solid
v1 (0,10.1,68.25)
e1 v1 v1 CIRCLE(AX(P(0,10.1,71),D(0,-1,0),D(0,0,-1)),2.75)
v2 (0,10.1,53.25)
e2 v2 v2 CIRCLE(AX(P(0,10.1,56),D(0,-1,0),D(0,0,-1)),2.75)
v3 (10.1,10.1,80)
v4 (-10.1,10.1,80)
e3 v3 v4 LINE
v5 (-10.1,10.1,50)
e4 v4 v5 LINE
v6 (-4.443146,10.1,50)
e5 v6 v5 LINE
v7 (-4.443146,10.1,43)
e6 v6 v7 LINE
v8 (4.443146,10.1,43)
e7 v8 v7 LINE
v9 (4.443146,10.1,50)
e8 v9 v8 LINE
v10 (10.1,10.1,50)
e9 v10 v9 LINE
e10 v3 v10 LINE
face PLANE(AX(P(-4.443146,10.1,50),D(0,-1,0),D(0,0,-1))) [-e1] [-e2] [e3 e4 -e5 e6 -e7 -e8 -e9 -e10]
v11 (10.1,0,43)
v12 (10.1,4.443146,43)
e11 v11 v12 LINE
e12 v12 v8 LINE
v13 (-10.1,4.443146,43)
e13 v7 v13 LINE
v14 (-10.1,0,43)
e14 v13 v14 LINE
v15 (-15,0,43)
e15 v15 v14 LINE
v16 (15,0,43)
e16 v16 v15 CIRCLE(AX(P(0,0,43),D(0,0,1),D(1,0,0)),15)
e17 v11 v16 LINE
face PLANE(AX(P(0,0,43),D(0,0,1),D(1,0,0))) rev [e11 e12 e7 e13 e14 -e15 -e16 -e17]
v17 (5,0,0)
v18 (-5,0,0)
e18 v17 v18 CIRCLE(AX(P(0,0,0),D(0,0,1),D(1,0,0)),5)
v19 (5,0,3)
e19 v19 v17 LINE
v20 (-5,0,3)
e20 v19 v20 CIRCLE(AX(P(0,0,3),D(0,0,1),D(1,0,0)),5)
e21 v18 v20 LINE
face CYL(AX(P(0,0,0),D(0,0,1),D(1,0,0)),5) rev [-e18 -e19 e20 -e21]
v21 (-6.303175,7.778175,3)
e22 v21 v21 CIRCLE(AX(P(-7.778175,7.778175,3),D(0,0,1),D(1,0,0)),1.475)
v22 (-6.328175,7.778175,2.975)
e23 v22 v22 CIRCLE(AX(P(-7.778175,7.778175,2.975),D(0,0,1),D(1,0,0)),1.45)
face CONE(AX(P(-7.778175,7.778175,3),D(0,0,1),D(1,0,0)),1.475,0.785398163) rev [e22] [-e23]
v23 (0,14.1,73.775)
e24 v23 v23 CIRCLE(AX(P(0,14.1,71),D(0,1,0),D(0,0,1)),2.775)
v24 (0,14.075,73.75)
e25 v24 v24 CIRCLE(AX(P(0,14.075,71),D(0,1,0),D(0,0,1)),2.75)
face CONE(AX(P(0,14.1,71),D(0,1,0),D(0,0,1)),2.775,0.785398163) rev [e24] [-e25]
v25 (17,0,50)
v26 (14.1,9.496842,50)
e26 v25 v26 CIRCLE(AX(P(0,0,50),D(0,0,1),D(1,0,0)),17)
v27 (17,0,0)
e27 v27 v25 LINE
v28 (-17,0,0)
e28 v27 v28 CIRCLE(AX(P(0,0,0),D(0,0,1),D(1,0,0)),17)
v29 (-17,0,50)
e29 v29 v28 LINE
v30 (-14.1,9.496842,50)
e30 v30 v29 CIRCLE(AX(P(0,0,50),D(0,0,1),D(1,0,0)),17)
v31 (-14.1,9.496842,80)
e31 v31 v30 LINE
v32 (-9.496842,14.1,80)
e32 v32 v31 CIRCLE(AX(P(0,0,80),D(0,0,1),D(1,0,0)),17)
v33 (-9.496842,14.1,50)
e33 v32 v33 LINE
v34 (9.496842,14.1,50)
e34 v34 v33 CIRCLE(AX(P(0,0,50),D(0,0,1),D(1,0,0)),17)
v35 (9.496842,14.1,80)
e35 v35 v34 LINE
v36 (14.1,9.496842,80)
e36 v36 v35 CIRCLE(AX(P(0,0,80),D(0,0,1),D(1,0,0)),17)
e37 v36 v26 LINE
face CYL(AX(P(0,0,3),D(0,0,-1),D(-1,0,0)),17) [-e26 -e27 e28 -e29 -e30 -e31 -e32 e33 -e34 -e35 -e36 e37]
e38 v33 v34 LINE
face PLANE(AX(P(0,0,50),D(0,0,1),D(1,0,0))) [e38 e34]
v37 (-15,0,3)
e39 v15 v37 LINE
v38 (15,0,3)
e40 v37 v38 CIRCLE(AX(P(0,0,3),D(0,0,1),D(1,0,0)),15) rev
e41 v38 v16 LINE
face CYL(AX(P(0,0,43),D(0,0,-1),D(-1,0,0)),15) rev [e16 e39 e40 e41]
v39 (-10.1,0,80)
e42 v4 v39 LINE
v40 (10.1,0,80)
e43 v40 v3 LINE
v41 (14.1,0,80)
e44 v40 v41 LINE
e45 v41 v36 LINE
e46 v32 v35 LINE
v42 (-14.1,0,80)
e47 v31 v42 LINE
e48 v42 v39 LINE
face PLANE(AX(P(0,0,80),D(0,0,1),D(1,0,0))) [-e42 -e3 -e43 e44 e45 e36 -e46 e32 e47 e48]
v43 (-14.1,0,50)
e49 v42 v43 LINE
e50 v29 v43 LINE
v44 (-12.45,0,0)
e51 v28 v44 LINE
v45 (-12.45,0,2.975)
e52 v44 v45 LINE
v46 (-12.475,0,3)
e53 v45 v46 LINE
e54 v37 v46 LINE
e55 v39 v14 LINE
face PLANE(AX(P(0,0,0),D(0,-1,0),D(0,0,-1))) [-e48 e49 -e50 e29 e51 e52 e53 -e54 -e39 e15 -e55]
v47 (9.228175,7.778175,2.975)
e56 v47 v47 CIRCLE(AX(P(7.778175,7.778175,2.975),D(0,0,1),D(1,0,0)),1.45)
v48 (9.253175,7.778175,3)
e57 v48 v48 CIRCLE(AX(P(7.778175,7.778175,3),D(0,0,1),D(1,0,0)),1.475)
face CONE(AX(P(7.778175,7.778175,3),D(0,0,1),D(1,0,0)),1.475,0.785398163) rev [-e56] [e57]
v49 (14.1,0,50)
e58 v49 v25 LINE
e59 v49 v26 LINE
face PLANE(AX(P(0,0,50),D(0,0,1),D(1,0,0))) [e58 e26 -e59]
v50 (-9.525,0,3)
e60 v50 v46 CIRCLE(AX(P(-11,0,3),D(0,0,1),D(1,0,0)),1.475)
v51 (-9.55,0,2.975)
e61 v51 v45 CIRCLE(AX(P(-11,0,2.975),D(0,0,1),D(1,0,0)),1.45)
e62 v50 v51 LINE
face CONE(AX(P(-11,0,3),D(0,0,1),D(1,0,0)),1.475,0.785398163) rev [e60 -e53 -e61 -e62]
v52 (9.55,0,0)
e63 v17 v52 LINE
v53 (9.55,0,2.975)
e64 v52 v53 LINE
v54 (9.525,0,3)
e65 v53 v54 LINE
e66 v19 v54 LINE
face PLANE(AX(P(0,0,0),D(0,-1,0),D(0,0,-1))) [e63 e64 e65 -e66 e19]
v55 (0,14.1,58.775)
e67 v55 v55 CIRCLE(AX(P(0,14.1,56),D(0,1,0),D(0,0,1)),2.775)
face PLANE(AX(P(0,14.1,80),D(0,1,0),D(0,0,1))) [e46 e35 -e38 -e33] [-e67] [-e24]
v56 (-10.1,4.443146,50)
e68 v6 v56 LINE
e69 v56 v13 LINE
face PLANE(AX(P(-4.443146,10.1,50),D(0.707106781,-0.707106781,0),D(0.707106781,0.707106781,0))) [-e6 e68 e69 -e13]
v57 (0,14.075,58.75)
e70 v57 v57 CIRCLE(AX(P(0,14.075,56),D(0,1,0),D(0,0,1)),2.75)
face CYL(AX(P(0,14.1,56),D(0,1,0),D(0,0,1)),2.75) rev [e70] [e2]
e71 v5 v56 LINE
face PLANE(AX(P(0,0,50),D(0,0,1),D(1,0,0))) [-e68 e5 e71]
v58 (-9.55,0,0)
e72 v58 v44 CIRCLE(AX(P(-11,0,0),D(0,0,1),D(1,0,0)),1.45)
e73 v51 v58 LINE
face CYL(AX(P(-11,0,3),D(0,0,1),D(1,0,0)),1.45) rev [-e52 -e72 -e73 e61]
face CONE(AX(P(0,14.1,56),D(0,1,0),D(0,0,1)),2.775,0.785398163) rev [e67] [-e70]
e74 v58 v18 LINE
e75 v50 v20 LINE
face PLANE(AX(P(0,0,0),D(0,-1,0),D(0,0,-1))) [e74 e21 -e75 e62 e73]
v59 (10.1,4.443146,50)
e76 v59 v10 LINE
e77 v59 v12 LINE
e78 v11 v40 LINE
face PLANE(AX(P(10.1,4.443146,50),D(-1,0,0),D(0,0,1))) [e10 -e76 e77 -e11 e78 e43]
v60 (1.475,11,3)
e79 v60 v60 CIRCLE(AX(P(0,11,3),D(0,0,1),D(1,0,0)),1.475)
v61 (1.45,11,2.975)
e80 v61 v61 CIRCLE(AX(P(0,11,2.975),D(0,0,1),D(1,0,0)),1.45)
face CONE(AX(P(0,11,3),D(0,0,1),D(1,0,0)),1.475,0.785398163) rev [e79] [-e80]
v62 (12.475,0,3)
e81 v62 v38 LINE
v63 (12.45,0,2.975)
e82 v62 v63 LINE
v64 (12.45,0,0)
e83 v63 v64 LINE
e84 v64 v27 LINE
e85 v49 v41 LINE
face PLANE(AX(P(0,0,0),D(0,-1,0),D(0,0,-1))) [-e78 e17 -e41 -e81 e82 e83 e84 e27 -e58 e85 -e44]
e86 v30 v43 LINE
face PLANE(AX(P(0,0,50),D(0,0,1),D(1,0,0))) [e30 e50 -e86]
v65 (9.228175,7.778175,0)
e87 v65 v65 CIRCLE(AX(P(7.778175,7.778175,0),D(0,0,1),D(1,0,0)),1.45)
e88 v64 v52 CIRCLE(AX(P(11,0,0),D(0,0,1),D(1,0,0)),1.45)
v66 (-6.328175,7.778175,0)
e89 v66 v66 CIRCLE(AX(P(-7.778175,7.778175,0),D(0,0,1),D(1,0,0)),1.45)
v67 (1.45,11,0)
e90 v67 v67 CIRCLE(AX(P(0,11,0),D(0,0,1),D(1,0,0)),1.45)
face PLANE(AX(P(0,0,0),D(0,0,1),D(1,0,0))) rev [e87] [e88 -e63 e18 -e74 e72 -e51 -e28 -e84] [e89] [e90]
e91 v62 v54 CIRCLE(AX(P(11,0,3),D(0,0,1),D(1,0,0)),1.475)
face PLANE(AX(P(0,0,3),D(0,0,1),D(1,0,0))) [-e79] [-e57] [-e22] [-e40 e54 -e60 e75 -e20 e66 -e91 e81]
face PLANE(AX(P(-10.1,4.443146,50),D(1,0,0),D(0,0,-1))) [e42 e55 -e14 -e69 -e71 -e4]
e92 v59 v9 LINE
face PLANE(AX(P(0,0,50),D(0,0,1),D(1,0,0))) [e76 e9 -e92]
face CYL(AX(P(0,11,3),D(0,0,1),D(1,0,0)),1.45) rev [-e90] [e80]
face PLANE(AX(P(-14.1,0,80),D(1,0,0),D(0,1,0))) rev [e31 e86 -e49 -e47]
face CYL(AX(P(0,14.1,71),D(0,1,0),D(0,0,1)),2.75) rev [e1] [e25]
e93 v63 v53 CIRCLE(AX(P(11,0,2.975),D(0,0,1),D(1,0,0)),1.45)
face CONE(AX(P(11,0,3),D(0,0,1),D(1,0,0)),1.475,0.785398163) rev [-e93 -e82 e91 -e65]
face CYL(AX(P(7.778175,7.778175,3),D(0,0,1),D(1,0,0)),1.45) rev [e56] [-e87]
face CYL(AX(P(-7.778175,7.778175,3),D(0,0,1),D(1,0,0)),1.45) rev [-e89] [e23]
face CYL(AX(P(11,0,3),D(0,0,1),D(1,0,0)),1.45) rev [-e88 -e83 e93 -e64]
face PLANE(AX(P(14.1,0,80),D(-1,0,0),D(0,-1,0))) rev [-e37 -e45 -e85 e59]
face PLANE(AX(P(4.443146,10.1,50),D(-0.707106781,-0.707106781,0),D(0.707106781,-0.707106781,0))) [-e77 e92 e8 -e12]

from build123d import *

# Parameters (mm, degrees)
SKETCH_1_R                     = 17
EXTRUDE_1_DEPTH                = 3
SKETCH_2_R                     = 17
SKETCH_2_R_2                   = 15
EXTRUDE_2_DEPTH                = 40
SKETCH_3_R                     = 5
CUT_EXTRUDE_1_DEPTH            = 4
SKETCH_4_R                     = 17
EXTRUDE_3_DEPTH                = 7
SKETCH_5_W                     = 20.2
SKETCH_5_H                     = 20.2
EXTRUDE_4_DEPTH                = 30
HOLE_WIZARD_M5_2_D             = 5.5
HOLE_WIZARD_M5_2_CSINK_D       = 5.55
HOLE_WIZARD_M5_2_CSINK_ANGLE   = 90
HOLE_WIZARD_M2_5_2_D           = 2.9
HOLE_WIZARD_M2_5_2_DEPTH       = 3
HOLE_WIZARD_M2_5_2_CSINK_D     = 2.95
HOLE_WIZARD_M2_5_2_CSINK_ANGLE = 90
SKETCH_12_W                    = 47.187362465
SKETCH_12_H                    = 89.366632215
CUT_EXTRUDE_2_DEPTH            = 18


with BuildPart() as part:
    # 草图1 → 凸台-拉伸1 (new body)
    with BuildSketch(Plane.XY):
        Circle(SKETCH_1_R)
    extrude(amount=EXTRUDE_1_DEPTH)

    # 草图2 → 凸台-拉伸2 (add)
    with BuildSketch(Plane.XY.offset(3)):
        Circle(SKETCH_2_R)
        Circle(SKETCH_2_R_2, mode=Mode.SUBTRACT)
    extrude(amount=EXTRUDE_2_DEPTH)

    # 草图3 → 切除-拉伸1 (cut, through all)
    with BuildSketch(Plane.XY.offset(3)):
        Circle(SKETCH_3_R)
    extrude(amount=-CUT_EXTRUDE_1_DEPTH, mode=Mode.SUBTRACT)

    # 草图4 → 凸台-拉伸3 (add)
    with BuildSketch(Plane.XY.offset(43)):
        Circle(SKETCH_4_R)
        Polygon((-4.443145751, 10.1), (4.443145751, 10.1), (10.1, 4.443145751), (10.1, -4.443145751), (4.443145751, -10.1), (-4.443145751, -10.1), (-10.1, -4.443145751), (-10.1, 4.443145751), align=None, mode=Mode.SUBTRACT)
    extrude(amount=EXTRUDE_3_DEPTH)

    # 草图5 → 凸台-拉伸4 (add)
    with BuildSketch(Plane.XY.offset(50)):
        with BuildLine():
            Line((9.49684158, 14.1), (-9.49684158, 14.1))
            ThreePointArc((-9.49684158, 14.1), (-12.02081528, 12.02081528), (-14.1, 9.49684158))
            Line((-14.1, 9.49684158), (-14.1, -9.496842588))
            ThreePointArc((-14.1, -9.496842588), (-12.020815678, -12.020815678), (-9.496842588, -14.1))
            Line((-9.496842588, -14.1), (9.49684158, -14.1))
            ThreePointArc((9.49684158, -14.1), (12.02081528, -12.02081528), (14.1, -9.49684158))
            Line((14.1, -9.49684158), (14.1, 9.49684158))
            ThreePointArc((14.1, 9.49684158), (12.02081528, 12.02081528), (9.49684158, 14.1))
        make_face()
        Rectangle(SKETCH_5_W, SKETCH_5_H, mode=Mode.SUBTRACT)
    extrude(amount=EXTRUDE_4_DEPTH)

    # M5 间隙孔2 (through all)
    with Locations(Plane(origin=(0, 14.1, 0), x_dir=(1, 0, 0), z_dir=(0, 1, 0))):
        with Locations((0, -56), (0, -71)):
            CounterSinkHole(HOLE_WIZARD_M5_2_D / 2, HOLE_WIZARD_M5_2_CSINK_D / 2, counter_sink_angle=HOLE_WIZARD_M5_2_CSINK_ANGLE)

    # M2.5 间隙孔2
    with Locations(Plane.XY.offset(3)):
        with Locations((11, 0), (7.778174593, -7.778174593), (0, -11), (-7.778174593, -7.778174593), (-11, 0), (-7.778174593, 7.778174593), (0, 11), (7.778174593, 7.778174593)):
            CounterSinkHole(HOLE_WIZARD_M2_5_2_D / 2, HOLE_WIZARD_M2_5_2_CSINK_D / 2, depth=HOLE_WIZARD_M2_5_2_DEPTH, counter_sink_angle=HOLE_WIZARD_M2_5_2_CSINK_ANGLE)

    # 草图12 → 切除-拉伸2 (cut)
    with BuildSketch(Plane(origin=(0, 0, 0), x_dir=(1, 0, 0), z_dir=(0, 1, 0))):
        with Locations((-0.779036645, -41.61129095)):
            Rectangle(SKETCH_12_W, SKETCH_12_H)
    extrude(amount=-CUT_EXTRUDE_2_DEPTH, mode=Mode.SUBTRACT)


solid = part.part
